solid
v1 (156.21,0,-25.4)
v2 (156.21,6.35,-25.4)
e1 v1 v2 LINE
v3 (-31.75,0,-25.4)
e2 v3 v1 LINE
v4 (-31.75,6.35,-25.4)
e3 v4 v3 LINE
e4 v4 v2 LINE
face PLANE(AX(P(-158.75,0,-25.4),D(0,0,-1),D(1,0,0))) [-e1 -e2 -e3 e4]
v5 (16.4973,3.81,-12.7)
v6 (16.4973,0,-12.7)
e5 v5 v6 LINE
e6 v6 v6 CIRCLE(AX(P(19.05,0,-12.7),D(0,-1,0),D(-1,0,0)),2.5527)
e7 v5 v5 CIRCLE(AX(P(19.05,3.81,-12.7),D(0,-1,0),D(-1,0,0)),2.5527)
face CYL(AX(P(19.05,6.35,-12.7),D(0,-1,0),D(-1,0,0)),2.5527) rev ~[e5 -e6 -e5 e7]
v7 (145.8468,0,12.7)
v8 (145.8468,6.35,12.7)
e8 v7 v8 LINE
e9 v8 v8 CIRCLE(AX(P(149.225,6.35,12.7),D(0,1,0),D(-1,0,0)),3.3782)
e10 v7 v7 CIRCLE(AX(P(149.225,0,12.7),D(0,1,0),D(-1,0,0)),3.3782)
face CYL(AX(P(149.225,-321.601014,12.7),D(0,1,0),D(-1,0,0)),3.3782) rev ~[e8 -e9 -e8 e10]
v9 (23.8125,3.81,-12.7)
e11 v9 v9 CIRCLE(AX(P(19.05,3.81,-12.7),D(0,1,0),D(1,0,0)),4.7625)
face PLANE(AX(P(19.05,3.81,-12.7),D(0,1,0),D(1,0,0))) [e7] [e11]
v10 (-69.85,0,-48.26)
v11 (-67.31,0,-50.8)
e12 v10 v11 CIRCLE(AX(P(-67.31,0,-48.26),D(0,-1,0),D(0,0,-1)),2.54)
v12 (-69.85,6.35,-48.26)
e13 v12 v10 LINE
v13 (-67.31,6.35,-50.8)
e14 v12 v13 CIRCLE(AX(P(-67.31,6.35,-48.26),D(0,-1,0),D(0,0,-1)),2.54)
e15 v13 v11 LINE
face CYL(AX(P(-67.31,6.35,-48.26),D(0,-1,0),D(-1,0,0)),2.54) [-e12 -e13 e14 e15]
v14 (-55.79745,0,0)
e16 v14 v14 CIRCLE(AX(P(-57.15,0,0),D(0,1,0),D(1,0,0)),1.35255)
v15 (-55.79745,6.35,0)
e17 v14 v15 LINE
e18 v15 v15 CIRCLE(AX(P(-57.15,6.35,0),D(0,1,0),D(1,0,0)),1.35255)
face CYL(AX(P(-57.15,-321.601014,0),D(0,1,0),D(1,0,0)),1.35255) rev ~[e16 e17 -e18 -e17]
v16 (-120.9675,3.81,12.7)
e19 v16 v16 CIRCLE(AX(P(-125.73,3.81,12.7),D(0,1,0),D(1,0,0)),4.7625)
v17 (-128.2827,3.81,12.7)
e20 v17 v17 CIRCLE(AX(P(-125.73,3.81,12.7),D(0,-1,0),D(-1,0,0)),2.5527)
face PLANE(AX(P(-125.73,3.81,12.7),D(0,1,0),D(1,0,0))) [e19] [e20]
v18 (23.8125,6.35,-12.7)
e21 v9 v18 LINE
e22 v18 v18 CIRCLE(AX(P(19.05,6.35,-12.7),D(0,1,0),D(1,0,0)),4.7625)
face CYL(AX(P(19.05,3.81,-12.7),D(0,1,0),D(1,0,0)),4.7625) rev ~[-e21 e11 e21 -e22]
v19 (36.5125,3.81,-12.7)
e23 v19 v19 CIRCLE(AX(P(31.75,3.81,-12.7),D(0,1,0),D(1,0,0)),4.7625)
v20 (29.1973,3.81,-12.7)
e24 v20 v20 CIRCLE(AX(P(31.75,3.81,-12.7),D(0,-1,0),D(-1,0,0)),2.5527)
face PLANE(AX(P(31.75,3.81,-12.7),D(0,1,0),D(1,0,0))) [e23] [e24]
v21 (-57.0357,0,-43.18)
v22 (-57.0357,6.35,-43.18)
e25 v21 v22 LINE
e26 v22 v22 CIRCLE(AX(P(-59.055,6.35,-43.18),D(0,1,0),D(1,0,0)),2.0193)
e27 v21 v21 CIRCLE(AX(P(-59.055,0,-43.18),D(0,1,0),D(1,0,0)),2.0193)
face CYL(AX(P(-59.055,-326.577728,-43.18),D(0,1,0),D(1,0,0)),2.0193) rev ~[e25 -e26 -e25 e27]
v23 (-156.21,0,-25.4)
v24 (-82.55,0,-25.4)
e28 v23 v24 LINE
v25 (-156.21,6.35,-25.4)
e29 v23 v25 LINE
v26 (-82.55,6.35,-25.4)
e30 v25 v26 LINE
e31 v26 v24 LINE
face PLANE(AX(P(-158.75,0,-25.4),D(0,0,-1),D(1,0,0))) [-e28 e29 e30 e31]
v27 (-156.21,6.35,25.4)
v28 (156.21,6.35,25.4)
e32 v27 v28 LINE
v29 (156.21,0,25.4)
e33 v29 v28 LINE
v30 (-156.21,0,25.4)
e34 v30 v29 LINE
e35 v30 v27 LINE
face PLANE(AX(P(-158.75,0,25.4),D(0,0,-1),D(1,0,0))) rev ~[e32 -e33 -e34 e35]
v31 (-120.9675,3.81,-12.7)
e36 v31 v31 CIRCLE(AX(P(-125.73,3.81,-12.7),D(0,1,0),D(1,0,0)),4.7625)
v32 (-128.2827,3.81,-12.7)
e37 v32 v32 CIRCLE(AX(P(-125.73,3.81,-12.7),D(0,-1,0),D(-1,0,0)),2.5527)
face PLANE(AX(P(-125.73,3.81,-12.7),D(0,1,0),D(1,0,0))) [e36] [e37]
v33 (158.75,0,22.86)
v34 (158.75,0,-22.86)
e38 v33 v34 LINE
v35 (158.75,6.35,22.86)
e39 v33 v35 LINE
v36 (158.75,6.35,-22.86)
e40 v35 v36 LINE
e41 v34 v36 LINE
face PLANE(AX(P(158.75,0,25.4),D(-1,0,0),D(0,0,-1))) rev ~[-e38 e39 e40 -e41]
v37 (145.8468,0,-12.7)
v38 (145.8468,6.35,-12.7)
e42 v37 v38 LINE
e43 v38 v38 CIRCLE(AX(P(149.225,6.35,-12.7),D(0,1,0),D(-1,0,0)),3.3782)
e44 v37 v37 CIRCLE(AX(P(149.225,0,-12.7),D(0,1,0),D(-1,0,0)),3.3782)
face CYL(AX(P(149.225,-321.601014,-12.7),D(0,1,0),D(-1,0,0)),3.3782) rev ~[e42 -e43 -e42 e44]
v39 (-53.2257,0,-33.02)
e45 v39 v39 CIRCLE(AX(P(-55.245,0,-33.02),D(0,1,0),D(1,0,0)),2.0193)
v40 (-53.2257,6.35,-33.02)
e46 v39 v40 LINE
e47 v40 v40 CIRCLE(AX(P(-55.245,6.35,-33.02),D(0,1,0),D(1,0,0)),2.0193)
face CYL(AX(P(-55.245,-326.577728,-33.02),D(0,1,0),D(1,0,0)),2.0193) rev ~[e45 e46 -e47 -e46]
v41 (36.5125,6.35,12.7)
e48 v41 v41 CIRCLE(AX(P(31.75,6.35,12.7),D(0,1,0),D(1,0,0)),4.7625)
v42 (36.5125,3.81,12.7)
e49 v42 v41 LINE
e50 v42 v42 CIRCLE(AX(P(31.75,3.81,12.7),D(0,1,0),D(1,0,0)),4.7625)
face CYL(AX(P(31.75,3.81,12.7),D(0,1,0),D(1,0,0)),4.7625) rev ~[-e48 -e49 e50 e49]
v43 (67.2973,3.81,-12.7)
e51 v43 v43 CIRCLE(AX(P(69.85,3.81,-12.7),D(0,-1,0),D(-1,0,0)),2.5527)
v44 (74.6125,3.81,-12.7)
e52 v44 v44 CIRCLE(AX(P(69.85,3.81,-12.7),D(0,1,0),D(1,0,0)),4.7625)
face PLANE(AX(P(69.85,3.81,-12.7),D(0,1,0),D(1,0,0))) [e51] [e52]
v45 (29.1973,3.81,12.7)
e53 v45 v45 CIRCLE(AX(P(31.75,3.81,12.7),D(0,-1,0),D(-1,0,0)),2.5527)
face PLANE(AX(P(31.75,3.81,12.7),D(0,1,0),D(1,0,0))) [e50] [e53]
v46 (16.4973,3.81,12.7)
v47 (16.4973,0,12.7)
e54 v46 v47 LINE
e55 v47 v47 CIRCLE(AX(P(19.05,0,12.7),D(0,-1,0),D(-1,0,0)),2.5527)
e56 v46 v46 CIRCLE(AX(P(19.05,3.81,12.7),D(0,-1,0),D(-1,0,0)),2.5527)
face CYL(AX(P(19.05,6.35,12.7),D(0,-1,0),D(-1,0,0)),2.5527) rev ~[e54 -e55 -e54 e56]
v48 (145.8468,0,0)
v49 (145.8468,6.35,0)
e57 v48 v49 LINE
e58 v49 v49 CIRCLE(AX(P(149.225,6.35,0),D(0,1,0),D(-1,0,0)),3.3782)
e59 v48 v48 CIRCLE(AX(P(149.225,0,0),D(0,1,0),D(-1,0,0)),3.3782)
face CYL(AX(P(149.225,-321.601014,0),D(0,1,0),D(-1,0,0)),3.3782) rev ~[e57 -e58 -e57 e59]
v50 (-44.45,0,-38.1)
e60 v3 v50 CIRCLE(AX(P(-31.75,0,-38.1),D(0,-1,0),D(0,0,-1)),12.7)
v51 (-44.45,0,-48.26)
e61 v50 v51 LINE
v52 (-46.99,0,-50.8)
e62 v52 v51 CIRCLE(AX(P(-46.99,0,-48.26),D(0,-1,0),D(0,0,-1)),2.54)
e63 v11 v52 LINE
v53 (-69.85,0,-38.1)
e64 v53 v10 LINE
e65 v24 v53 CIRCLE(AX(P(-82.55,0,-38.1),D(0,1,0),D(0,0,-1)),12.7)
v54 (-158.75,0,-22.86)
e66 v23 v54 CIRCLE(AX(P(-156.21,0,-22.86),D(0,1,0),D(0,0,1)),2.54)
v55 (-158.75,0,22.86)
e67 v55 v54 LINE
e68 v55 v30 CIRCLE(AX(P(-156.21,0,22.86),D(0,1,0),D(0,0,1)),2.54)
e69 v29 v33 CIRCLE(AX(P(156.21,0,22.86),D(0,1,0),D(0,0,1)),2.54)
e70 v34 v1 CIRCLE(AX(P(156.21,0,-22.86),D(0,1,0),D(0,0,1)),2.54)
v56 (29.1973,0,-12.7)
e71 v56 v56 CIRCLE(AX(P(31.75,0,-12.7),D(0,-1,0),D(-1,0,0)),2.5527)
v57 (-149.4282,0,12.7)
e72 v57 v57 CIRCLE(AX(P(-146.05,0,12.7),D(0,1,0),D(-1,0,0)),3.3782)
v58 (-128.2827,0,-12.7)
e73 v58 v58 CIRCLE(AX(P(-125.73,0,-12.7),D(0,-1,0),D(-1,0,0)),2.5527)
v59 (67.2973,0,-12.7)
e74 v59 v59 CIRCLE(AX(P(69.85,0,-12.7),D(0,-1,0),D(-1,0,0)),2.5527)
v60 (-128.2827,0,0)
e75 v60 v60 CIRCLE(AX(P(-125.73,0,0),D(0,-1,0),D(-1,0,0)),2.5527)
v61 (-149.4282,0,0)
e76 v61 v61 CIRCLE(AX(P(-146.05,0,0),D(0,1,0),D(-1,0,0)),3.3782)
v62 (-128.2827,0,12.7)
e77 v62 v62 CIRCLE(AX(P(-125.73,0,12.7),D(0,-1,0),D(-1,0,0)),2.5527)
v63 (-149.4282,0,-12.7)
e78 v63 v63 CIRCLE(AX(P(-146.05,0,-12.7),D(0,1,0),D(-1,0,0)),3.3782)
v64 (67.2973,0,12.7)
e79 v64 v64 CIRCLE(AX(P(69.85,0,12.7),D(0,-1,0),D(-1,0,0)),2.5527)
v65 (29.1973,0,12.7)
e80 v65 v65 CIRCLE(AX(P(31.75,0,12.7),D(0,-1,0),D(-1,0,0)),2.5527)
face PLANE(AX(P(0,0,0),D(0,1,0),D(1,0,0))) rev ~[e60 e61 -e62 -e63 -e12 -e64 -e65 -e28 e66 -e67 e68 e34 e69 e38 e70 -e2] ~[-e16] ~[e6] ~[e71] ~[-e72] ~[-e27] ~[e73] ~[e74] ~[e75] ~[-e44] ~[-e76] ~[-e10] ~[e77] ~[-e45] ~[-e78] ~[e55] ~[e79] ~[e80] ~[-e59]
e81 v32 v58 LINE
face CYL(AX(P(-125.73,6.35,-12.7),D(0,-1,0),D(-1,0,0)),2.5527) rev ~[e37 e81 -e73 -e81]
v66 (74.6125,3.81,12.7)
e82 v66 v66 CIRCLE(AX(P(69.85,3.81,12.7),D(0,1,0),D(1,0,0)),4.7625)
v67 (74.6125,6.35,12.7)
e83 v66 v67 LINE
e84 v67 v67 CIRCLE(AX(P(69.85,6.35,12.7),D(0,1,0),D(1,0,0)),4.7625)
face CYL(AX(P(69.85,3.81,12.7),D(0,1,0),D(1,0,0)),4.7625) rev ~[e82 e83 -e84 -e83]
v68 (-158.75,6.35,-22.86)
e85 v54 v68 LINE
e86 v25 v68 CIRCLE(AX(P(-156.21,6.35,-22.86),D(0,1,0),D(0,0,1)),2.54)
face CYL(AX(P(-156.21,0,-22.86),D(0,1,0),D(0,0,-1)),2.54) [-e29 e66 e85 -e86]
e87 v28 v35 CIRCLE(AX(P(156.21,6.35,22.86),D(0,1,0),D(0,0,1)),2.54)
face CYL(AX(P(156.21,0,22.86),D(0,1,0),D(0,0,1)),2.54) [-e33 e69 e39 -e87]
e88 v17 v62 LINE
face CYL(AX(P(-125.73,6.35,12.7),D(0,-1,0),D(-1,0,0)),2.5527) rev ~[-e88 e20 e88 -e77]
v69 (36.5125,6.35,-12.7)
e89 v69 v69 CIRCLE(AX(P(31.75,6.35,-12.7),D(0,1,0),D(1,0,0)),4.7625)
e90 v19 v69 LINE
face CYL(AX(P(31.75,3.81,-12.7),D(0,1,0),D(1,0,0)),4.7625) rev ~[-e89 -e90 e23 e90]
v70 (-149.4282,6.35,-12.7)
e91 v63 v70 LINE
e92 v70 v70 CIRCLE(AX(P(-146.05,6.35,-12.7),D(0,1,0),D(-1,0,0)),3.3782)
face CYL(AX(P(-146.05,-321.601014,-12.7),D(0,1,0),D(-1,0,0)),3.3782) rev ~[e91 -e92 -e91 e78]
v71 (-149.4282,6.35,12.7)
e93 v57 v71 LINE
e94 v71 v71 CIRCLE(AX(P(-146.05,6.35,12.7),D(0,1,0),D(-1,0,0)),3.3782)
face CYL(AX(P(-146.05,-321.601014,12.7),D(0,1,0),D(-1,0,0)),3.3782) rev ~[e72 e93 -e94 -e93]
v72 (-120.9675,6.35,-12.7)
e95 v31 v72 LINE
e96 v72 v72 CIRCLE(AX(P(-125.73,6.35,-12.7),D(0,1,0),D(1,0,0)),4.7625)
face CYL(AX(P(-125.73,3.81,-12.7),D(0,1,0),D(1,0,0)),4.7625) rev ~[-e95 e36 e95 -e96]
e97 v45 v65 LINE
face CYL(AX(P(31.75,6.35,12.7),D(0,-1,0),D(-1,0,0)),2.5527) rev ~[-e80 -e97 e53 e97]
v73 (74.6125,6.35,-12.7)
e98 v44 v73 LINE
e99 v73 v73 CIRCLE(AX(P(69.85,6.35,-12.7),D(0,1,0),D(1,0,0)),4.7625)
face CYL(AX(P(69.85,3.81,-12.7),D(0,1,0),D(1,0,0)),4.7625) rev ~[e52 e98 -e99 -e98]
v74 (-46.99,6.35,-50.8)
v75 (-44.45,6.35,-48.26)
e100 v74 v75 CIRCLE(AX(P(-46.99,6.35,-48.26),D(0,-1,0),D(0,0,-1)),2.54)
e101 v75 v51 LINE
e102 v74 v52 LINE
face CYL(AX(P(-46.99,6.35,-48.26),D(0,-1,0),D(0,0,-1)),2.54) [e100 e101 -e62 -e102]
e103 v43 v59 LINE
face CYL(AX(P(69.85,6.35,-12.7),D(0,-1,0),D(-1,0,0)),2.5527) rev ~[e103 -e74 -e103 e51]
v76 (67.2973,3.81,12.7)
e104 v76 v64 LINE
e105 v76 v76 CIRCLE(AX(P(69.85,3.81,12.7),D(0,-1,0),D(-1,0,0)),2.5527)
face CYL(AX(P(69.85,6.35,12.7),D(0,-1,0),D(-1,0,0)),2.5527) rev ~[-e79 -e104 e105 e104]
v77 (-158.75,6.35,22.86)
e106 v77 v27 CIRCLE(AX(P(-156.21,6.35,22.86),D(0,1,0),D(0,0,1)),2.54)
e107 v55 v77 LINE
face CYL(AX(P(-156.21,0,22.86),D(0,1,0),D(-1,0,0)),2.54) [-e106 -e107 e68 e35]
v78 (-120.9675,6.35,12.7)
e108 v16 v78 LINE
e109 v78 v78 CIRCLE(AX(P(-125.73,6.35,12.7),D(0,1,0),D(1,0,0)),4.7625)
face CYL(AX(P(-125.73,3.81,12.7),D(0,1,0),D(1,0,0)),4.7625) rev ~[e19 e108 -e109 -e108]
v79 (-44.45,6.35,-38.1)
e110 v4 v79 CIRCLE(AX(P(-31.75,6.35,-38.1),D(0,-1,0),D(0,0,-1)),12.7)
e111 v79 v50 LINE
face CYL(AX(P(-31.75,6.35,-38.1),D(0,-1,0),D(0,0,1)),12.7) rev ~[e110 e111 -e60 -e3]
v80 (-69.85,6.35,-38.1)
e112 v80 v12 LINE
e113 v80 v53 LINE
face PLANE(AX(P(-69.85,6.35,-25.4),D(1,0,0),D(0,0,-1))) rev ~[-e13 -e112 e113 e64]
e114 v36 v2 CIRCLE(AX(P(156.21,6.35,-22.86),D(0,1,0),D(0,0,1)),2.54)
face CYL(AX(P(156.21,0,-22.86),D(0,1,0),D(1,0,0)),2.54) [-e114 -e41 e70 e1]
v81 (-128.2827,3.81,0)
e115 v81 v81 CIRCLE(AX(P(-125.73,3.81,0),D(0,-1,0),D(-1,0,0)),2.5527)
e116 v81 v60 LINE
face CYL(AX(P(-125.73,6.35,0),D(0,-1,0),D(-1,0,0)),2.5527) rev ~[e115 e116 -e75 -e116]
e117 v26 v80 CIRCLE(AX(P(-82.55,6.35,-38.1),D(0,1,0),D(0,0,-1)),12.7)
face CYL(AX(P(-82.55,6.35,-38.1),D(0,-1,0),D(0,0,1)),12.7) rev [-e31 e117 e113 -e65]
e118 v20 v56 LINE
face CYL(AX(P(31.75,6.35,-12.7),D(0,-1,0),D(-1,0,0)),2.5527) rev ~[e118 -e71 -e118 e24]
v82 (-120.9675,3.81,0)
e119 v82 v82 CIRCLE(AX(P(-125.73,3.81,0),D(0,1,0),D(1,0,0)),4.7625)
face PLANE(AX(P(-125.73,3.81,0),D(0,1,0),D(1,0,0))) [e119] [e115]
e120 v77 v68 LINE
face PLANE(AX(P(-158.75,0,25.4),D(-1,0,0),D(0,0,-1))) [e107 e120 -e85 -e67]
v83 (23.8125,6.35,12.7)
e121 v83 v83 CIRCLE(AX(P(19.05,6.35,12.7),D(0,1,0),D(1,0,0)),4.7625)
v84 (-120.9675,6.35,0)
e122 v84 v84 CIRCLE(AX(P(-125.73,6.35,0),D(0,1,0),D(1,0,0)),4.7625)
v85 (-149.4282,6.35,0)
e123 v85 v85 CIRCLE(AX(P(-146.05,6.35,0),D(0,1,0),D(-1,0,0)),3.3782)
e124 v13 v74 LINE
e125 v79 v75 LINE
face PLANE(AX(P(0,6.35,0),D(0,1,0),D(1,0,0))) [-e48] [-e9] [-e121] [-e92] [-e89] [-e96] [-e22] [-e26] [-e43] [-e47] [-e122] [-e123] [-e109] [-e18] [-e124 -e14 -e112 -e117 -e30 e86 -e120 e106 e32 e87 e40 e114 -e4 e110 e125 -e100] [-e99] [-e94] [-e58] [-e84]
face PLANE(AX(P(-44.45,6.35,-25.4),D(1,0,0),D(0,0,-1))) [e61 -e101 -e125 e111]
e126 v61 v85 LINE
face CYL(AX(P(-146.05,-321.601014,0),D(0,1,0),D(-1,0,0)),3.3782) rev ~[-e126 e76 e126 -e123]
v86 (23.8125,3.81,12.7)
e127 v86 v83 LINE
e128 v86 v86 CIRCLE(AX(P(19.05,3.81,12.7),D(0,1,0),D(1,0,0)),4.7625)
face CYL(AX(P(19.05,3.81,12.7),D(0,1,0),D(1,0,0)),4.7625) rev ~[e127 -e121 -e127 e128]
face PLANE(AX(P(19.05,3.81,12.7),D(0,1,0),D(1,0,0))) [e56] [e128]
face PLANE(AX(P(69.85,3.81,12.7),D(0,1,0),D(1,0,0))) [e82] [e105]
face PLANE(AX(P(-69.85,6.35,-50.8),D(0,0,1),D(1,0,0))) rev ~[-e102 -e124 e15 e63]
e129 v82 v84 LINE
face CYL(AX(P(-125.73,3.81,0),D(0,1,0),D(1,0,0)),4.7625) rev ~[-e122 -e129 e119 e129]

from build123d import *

# Parameters (mm, degrees)
SKETCH1_W                                       = 317.5
SKETCH1_H                                       = 50.8
BOSS_EXTRUDE1_DEPTH                             = 6.35
CBORE_FOR_10_SOCKET_HEAD_CAP_SCREW1_D           = 5.1054
CBORE_FOR_10_SOCKET_HEAD_CAP_SCREW1_CBORE_D     = 9.525
CBORE_FOR_10_SOCKET_HEAD_CAP_SCREW1_CBORE_DEPTH = 2.54
F_1_4_CLEARANCE_HOLE2_D                         = 6.7564
F_6_32_TAPPED_HOLE1_D                           = 2.7051
SKETCH12_W                                      = 25.4
SKETCH12_H                                      = 25.4
BOSS_EXTRUDE3_DEPTH                             = 6.35
F_10_32_TAPPED_HOLE1_D                          = 4.0386
FILLET1_R                                       = 12.7
FILLET2_R                                       = 2.54


with BuildPart() as part:
    # Sketch1 → Boss-Extrude1 (new body)
    with BuildSketch(Plane(origin=(0, 0, 0), x_dir=(1, 0, 0), z_dir=(0, 1, 0))):
        Rectangle(SKETCH1_W, SKETCH1_H)
    extrude(amount=BOSS_EXTRUDE1_DEPTH)

    # CBORE for #10 Socket Head Cap Screw1 (through all)
    with Locations(Plane(origin=(0, 6.35, 0), x_dir=(1, 0, 0), z_dir=(0, 1, 0))):
        with Locations((31.75, -12.7), (19.05, 12.7), (69.85, 12.7), (19.05, -12.7), (69.85, -12.7), (-125.73, 12.7), (-125.73, 0), (-125.73, -12.7), (31.75, 12.7)):
            CounterBoreHole(CBORE_FOR_10_SOCKET_HEAD_CAP_SCREW1_D / 2, CBORE_FOR_10_SOCKET_HEAD_CAP_SCREW1_CBORE_D / 2, CBORE_FOR_10_SOCKET_HEAD_CAP_SCREW1_CBORE_DEPTH)

    # 1/4 Clearance Hole2 (through all)
    with Locations(Plane.XZ):
        with Locations((-146.05, 12.7), (-146.05, 0), (-146.05, -12.7), (149.225, 12.7), (149.225, 0), (149.225, -12.7)):
            Hole(F_1_4_CLEARANCE_HOLE2_D / 2)

    # #6-32 Tapped Hole1 (through all)
    with Locations(Plane(origin=(0, 0, 0), x_dir=(-1, 0, 0), z_dir=(0, -1, 0))):
        with Locations((57.15, 0)):
            Hole(F_6_32_TAPPED_HOLE1_D / 2)

    # Sketch12 → Boss-Extrude3 (add)
    with BuildSketch(Plane(origin=(0, 6.35, 0), x_dir=(1, 0, 0), z_dir=(0, 1, 0))):
        with Locations((-57.15, 38.1)):
            Rectangle(SKETCH12_W, SKETCH12_H)
    extrude(amount=-BOSS_EXTRUDE3_DEPTH)

    # #10-32 Tapped Hole1 (through all)
    with Locations(Plane(origin=(0, 0, 0), x_dir=(-1, 0, 0), z_dir=(0, -1, 0))):
        with Locations((59.055, 43.18), (55.245, 33.02)):
            Hole(F_10_32_TAPPED_HOLE1_D / 2)

    # Fillet1
    fillet1_edges = [part.edges().sort_by_distance(p)[0] for p in [
        (-69.85, 3.175, -25.4),
        (-44.45, 3.175, -25.4),
    ]]
    fillet(fillet1_edges, radius=FILLET1_R)

    # Fillet2
    fillet2_edges = [part.edges().sort_by_distance(p)[0] for p in [
        (-44.45, 3.175, -50.8),
        (-69.85, 3.175, -50.8),
        (158.75, 3.175, 25.4),
        (-158.75, 3.175, 25.4),
        (-158.75, 3.175, -25.4),
        (158.75, 3.175, -25.4),
    ]]
    fillet(fillet2_edges, radius=FILLET2_R)


solid = part.part
